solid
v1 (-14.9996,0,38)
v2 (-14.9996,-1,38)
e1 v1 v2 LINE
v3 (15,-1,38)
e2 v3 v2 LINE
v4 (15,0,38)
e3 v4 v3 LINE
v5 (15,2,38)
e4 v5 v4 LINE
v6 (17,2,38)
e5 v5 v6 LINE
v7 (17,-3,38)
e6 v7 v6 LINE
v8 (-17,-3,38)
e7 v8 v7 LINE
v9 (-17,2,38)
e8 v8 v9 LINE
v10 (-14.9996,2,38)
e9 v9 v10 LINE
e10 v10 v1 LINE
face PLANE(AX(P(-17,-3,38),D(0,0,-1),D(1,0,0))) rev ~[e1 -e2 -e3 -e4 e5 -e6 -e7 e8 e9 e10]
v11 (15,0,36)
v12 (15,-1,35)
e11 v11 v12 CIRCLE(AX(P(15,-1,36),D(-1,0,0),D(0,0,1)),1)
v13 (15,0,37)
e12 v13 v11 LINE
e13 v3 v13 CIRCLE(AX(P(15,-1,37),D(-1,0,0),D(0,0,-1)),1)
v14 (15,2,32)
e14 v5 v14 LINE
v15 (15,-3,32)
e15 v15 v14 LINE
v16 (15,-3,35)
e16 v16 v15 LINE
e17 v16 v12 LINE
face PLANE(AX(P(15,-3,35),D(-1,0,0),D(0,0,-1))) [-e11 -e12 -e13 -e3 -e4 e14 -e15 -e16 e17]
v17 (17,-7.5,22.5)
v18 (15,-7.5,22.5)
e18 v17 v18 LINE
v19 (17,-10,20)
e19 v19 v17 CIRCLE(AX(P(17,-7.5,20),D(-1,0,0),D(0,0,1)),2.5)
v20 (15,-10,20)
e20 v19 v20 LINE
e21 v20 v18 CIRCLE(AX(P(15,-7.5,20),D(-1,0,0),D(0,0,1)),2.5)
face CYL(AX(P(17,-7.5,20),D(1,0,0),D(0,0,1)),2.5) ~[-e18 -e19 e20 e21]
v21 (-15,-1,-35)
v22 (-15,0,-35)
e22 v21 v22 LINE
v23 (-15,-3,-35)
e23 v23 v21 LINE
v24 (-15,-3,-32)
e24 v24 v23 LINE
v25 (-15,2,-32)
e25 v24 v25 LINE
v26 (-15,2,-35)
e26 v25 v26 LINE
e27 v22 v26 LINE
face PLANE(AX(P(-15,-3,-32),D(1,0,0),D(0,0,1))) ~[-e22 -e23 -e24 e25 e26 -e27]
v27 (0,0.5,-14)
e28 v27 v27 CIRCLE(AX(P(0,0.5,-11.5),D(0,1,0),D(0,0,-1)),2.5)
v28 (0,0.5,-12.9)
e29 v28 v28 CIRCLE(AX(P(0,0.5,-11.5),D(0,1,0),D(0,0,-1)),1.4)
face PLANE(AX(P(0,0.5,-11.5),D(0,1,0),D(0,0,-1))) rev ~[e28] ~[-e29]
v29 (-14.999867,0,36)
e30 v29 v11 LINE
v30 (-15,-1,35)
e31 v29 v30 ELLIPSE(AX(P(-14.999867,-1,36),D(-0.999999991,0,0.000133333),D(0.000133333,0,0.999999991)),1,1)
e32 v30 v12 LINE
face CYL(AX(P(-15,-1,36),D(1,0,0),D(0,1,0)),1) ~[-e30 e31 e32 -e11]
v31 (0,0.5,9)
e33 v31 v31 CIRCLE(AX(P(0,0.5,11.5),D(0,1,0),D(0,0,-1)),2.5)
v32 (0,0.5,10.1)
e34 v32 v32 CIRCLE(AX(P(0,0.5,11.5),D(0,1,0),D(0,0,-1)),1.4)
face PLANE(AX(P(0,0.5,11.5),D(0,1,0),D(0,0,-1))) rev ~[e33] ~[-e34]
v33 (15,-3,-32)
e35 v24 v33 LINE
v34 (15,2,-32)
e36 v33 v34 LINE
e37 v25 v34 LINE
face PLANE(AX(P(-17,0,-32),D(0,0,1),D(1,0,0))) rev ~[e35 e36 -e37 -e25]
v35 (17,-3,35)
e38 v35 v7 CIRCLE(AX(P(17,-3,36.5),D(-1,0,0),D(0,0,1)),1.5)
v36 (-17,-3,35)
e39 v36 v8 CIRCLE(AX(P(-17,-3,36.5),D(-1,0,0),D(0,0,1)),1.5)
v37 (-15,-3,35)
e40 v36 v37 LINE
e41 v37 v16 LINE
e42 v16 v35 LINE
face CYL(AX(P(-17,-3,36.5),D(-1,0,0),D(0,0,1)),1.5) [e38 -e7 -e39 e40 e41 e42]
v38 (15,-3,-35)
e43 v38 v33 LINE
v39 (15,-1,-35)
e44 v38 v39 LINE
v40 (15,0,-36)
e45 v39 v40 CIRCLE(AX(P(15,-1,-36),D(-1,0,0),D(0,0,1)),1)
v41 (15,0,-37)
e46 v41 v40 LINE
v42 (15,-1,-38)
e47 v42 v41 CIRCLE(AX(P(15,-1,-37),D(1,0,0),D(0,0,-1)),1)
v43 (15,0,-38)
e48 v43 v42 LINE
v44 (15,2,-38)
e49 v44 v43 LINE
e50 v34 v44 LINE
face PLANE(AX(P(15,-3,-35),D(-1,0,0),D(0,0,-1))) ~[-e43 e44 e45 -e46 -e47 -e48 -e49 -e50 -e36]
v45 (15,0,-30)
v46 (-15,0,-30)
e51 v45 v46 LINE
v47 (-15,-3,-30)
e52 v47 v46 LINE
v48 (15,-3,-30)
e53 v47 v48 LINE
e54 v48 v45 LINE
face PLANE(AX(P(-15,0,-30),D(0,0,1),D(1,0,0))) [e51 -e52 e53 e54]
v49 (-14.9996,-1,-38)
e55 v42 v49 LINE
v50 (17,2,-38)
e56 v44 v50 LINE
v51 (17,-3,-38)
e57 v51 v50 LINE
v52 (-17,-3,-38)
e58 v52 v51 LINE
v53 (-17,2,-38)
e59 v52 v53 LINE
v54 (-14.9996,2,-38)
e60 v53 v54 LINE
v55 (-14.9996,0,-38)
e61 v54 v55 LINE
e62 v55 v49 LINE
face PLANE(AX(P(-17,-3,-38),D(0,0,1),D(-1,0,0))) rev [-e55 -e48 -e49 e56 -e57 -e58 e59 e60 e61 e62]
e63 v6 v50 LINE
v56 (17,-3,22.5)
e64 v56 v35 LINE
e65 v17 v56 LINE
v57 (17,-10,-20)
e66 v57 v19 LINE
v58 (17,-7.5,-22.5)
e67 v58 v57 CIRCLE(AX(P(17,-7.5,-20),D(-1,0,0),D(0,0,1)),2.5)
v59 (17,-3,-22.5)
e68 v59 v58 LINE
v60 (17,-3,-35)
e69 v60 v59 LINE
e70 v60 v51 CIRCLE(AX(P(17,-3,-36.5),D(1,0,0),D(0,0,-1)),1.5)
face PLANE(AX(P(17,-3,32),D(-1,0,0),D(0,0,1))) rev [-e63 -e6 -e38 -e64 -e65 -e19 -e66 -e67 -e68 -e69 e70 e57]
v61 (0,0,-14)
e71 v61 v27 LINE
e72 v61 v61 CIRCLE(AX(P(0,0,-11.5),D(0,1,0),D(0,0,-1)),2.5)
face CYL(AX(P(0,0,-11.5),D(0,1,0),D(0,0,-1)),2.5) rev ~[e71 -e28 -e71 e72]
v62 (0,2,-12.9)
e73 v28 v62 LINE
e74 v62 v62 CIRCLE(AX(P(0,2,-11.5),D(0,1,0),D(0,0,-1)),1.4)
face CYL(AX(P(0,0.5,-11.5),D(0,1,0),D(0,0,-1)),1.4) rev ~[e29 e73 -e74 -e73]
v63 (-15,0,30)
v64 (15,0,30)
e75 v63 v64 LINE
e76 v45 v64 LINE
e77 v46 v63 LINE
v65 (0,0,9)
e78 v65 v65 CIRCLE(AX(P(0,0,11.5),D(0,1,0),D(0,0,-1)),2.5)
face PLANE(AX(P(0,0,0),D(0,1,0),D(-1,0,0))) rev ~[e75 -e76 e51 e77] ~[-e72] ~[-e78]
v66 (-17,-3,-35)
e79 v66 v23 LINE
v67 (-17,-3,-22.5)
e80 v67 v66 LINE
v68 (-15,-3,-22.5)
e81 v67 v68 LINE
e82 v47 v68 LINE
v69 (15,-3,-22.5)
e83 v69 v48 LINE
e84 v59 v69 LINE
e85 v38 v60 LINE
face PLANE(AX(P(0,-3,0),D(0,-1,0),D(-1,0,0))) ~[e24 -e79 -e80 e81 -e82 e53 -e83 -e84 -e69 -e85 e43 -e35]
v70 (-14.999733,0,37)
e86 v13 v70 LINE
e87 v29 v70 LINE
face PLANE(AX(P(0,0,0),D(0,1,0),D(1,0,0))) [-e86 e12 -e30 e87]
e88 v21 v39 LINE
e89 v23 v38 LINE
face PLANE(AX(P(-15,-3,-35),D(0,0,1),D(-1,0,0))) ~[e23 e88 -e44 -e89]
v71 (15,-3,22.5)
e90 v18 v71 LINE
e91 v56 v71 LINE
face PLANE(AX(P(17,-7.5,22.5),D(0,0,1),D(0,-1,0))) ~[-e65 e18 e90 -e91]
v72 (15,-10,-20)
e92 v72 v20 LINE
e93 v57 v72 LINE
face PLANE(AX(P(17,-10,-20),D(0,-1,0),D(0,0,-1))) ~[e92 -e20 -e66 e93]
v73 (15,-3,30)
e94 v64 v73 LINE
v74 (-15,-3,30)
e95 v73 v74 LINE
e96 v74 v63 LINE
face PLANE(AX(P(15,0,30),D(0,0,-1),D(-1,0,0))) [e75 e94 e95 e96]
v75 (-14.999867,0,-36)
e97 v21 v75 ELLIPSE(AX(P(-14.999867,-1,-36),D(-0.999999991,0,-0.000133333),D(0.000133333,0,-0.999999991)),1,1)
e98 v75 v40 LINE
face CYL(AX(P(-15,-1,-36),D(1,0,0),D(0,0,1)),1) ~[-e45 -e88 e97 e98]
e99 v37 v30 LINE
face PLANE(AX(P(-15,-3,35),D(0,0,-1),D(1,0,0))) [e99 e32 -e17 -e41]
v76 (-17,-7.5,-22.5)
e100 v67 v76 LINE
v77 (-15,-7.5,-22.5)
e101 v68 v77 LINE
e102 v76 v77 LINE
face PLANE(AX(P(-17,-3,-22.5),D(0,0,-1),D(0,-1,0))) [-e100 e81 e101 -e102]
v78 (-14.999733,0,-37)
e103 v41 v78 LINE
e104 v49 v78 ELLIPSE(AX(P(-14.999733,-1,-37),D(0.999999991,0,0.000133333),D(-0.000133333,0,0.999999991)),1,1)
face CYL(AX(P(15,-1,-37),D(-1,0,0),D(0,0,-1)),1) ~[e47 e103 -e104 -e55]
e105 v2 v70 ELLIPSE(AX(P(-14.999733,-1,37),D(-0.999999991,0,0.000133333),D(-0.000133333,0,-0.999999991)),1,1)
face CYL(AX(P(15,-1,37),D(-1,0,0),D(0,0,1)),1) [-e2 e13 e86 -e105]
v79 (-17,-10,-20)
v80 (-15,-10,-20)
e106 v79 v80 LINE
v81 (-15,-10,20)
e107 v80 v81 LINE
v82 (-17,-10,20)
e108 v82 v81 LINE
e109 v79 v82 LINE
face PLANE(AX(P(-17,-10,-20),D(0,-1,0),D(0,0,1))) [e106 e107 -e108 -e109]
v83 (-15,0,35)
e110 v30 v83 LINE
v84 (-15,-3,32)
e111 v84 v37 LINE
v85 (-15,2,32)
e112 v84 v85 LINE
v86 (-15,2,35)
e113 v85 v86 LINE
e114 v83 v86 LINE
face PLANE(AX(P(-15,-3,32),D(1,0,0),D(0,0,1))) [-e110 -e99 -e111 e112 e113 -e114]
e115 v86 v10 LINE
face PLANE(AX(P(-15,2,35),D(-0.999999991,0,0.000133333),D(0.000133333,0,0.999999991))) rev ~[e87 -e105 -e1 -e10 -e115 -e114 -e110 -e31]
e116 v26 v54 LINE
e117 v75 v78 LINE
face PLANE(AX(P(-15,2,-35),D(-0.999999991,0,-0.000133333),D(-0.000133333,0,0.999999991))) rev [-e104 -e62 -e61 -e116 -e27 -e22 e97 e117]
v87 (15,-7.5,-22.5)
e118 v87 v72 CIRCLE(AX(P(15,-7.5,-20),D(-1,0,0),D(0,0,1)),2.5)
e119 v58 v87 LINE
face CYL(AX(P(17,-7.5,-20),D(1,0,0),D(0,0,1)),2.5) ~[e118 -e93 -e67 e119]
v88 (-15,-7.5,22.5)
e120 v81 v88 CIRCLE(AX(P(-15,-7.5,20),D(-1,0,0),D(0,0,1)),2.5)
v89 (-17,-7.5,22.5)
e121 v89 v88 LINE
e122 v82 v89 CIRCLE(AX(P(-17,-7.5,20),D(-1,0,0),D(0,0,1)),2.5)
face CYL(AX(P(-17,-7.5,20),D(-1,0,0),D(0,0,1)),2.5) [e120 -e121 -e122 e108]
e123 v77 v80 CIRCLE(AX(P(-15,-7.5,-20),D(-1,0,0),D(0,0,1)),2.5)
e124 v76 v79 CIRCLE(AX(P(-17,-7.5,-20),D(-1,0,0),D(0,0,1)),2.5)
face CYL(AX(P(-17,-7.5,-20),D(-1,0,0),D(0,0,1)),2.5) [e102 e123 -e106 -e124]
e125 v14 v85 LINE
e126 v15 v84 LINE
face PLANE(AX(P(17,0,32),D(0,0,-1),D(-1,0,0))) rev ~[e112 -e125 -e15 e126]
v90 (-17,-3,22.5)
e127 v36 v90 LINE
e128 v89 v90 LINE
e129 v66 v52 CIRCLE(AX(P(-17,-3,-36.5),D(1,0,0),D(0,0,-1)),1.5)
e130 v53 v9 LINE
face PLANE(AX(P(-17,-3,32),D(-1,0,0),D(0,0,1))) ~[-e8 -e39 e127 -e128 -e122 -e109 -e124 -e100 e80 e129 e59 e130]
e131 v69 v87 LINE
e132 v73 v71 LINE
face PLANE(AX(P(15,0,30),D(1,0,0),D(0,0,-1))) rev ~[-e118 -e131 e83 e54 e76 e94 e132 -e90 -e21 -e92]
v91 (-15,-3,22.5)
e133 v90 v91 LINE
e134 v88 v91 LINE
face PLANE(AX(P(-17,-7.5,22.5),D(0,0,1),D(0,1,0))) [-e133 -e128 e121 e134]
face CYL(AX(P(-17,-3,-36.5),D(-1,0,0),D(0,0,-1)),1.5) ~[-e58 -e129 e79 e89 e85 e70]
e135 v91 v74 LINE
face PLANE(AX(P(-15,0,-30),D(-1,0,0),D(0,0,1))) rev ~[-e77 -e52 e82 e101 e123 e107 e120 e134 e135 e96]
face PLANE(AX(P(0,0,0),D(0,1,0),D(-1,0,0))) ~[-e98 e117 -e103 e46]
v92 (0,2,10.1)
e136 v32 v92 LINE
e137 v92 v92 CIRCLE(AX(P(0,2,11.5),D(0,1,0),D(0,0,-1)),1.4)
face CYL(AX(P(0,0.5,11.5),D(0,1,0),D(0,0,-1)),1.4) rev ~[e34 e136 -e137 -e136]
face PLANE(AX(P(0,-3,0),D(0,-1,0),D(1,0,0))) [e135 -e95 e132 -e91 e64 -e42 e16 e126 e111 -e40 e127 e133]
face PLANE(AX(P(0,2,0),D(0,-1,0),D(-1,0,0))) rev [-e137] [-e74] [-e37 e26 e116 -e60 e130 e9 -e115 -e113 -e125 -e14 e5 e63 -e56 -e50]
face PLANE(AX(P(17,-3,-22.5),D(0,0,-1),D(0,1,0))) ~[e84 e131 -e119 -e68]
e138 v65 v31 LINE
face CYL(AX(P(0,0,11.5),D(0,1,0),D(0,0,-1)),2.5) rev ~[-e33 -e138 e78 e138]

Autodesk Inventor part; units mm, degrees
ref_plane "YZ Plane" through (0, 0, 0) normal (1, 0, 0) x (0, 1, 0)
ref_plane "XZ Plane" through (0, 0, 0) normal (0, 1, 0) x (-1, 0, 0)
ref_plane "XY Plane" through (0, 0, 0) normal (0, 0, 1) x (1, 0, 0)
sketch "Sketch1" plane through (0, 0, 0) normal (0, 1, 0) x (-1, 0, 0)
  line L0 (15, 30) -> (-15, 30)
  line L1 (-15, 30) -> (-15, -30)
  line L2 (-15, -30) -> (15, -30)
  line L3 (15, -30) -> (15, 30)
  line L4 (0, 11.5) -> (-15, 11.5)
  line L5 (-15, 11.5) -> (-15, -11.5)
  line L6 (-15, -11.5) -> (0, -11.5)
  line L7 (0, -11.5) -> (0, 11.5)
  point P0 (0, 0)
  dimension "d0" = 30
  dimension "d1" = 60
  dimension "d2" = 30
  dimension "d3" = 15
  dimension "d4" = 23
  dimension "d5" = 18.5
extrude "Extrusion1" add sketch "Sketch1" along normal blind 2
hole "Hole1" at (0, 0, -11.5) at (0, 0, 11.5) direction (0, 1, 0) diameter 2.8 end through all counterbore diameter 5 counterbore depth 0.5
sketch "Sketch2" plane through (0, 0, 0) normal (0, -1, 0) x (1, 0, 0)
  line L0 (17, 32) -> (-17, 32)
  line L1 (-17, 32) -> (-17, -32)
  line L2 (-17, -32) -> (17, -32)
  line L3 (17, -32) -> (17, 32)
  line L4 (15, 30) -> (15, -30) projected
  line L5 (-15, -30) -> (-15, 30) projected
  line L6 (15, 30) -> (-15, 30)
  line L7 (-15, 30) -> (-15, -30)
  line L8 (-15, -30) -> (15, -30)
  line L9 (15, -30) -> (15, 30)
  point P0 (0, 0)
  point P1 (-15, 30)
  dimension "d15" = 34
  dimension "d16" = 64
  dimension "d17" = 32
  dimension "d18" = 17
extrude "Extrusion2" add sketch "Sketch2" along normal blind 3 and the other way blind 2
sketch "Sketch3" plane through (-17, -3, -32) normal (-1, 0, 0) x (0, 0, 1)
  line L0 (2, 0) -> (62, 0) projected
  line L1 (54.5, 0) -> (9.5, 0)
  line L2 (9.5, 0) -> (9.5, -7)
  line L3 (9.5, -7) -> (54.5, -7)
  line L4 (54.5, -7) -> (54.5, 0)
  line L5 (2, 3) -> (62, 3) projected
  line L6 (64, 0) -> (64, 5) projected
  circle A0 centre (52, -4.5) radius 2.5
  circle A1 centre (12, -4.5) radius 2.5
  point P0 (32, 3)
  point P1 (52, -7)
  point P2 (54.5, -4.5)
  point P3 (9.5, 0)
  point P4 (9.5, -4.5)
  point P5 (12, -7)
  dimension "d23" = 10
  dimension "d24" = 45
  dimension "d25" = 9.5
  dimension "d26" = 5
  dimension "d27" = 5
  dimension "d28" = 2.5
  dimension "d29" = 2.5
extrude "Extrusion3" add sketch "Sketch3" against normal up to surface (2 mm away) contours L0 L4 A0 L3 A1 L2 | A1 | A0
mirror "Mirror1" about plane through (0, 0, 0) normal (1, 0, 0) of "Extrusion3"
sketch "Sketch6" plane through (0, -3, 0) normal (0, -1, 0) x (1, 0, 0)
  line L0 (15, 30) -> (-15, 30)
  line L1 (-15, 30) -> (-15, 35)
  line L2 (-15, 35) -> (15, 35)
  line L3 (15, 35) -> (15, 30)
  line L4 (17, 32) -> (-17, 32) projected
  line L5 (17, 32) -> (-17, 32)
  line L6 (-17, 32) -> (-17, 38)
  line L7 (-17, 38) -> (17, 38)
  line L8 (17, 38) -> (17, 32)
  point P0 (0, 0)
  point P1 (15, 32)
  point P2 (-15, 32)
  dimension "d34" = 3
  dimension "d35" = 6
extrude "Extrusion4" add sketch "Sketch6" against normal up to surface (5 mm away) contours L3 L2 L1 L4 L6 L7 L8
sketch "Sketch7" plane through (0, 2, 0) normal (0, 1, 0) x (1, 0, 0)
  line L0 (-15, -35) -> (15, -35) projected
  line L1 (17, -38) -> (-17, -38) projected
  line L2 (15, -35) -> (-14.9996, -35)
  line L3 (-14.9996, -35) -> (-14.9996, -38)
  line L4 (-14.9996, -38) -> (15, -38)
  line L5 (15, -38) -> (15, -35)
  point P0 (0, 0)
extrude "Extrusion5" cut sketch "Sketch7" against normal blind 2
sketch "Sketch8" plane through (-17, -3, -32) normal (-1, 0, 0) x (0, 0, 1)
  line L0 (70, 0) -> (54.5, 0) projected
  circle A0 centre (68.5, 0) radius 1.5
  point P0 (32, 3)
  point P1 (67, 0)
  dimension "d41" = 3
extrude "Extrusion6" add sketch "Sketch8" against normal up to surface (34 mm away) contours A0 L0 picked at (68.5603, -0.4964)
mirror "Mirror2" about plane through (0, 0, 0) normal (0, 0, 1) of "Extrusion4", "Extrusion5", "Extrusion6"
fillet "Fillet2" radius 1 4 edges at (0.0002, 0, -38) (0.0002, 0, -35) (0.0002, 0, 38) (0.0002, 0, 35)
equation "\"d2\" = 0.5 * d1"
equation "\"d3\" = 0.5 * d0"
equation "\"d5\" = -0.5 * d4 + 0.5 * d1"
equation "\"d17\" = 0.5 * d16"
equation "\"d18\" = 0.5 * d15"
properties part number "Battery_holder_2"
